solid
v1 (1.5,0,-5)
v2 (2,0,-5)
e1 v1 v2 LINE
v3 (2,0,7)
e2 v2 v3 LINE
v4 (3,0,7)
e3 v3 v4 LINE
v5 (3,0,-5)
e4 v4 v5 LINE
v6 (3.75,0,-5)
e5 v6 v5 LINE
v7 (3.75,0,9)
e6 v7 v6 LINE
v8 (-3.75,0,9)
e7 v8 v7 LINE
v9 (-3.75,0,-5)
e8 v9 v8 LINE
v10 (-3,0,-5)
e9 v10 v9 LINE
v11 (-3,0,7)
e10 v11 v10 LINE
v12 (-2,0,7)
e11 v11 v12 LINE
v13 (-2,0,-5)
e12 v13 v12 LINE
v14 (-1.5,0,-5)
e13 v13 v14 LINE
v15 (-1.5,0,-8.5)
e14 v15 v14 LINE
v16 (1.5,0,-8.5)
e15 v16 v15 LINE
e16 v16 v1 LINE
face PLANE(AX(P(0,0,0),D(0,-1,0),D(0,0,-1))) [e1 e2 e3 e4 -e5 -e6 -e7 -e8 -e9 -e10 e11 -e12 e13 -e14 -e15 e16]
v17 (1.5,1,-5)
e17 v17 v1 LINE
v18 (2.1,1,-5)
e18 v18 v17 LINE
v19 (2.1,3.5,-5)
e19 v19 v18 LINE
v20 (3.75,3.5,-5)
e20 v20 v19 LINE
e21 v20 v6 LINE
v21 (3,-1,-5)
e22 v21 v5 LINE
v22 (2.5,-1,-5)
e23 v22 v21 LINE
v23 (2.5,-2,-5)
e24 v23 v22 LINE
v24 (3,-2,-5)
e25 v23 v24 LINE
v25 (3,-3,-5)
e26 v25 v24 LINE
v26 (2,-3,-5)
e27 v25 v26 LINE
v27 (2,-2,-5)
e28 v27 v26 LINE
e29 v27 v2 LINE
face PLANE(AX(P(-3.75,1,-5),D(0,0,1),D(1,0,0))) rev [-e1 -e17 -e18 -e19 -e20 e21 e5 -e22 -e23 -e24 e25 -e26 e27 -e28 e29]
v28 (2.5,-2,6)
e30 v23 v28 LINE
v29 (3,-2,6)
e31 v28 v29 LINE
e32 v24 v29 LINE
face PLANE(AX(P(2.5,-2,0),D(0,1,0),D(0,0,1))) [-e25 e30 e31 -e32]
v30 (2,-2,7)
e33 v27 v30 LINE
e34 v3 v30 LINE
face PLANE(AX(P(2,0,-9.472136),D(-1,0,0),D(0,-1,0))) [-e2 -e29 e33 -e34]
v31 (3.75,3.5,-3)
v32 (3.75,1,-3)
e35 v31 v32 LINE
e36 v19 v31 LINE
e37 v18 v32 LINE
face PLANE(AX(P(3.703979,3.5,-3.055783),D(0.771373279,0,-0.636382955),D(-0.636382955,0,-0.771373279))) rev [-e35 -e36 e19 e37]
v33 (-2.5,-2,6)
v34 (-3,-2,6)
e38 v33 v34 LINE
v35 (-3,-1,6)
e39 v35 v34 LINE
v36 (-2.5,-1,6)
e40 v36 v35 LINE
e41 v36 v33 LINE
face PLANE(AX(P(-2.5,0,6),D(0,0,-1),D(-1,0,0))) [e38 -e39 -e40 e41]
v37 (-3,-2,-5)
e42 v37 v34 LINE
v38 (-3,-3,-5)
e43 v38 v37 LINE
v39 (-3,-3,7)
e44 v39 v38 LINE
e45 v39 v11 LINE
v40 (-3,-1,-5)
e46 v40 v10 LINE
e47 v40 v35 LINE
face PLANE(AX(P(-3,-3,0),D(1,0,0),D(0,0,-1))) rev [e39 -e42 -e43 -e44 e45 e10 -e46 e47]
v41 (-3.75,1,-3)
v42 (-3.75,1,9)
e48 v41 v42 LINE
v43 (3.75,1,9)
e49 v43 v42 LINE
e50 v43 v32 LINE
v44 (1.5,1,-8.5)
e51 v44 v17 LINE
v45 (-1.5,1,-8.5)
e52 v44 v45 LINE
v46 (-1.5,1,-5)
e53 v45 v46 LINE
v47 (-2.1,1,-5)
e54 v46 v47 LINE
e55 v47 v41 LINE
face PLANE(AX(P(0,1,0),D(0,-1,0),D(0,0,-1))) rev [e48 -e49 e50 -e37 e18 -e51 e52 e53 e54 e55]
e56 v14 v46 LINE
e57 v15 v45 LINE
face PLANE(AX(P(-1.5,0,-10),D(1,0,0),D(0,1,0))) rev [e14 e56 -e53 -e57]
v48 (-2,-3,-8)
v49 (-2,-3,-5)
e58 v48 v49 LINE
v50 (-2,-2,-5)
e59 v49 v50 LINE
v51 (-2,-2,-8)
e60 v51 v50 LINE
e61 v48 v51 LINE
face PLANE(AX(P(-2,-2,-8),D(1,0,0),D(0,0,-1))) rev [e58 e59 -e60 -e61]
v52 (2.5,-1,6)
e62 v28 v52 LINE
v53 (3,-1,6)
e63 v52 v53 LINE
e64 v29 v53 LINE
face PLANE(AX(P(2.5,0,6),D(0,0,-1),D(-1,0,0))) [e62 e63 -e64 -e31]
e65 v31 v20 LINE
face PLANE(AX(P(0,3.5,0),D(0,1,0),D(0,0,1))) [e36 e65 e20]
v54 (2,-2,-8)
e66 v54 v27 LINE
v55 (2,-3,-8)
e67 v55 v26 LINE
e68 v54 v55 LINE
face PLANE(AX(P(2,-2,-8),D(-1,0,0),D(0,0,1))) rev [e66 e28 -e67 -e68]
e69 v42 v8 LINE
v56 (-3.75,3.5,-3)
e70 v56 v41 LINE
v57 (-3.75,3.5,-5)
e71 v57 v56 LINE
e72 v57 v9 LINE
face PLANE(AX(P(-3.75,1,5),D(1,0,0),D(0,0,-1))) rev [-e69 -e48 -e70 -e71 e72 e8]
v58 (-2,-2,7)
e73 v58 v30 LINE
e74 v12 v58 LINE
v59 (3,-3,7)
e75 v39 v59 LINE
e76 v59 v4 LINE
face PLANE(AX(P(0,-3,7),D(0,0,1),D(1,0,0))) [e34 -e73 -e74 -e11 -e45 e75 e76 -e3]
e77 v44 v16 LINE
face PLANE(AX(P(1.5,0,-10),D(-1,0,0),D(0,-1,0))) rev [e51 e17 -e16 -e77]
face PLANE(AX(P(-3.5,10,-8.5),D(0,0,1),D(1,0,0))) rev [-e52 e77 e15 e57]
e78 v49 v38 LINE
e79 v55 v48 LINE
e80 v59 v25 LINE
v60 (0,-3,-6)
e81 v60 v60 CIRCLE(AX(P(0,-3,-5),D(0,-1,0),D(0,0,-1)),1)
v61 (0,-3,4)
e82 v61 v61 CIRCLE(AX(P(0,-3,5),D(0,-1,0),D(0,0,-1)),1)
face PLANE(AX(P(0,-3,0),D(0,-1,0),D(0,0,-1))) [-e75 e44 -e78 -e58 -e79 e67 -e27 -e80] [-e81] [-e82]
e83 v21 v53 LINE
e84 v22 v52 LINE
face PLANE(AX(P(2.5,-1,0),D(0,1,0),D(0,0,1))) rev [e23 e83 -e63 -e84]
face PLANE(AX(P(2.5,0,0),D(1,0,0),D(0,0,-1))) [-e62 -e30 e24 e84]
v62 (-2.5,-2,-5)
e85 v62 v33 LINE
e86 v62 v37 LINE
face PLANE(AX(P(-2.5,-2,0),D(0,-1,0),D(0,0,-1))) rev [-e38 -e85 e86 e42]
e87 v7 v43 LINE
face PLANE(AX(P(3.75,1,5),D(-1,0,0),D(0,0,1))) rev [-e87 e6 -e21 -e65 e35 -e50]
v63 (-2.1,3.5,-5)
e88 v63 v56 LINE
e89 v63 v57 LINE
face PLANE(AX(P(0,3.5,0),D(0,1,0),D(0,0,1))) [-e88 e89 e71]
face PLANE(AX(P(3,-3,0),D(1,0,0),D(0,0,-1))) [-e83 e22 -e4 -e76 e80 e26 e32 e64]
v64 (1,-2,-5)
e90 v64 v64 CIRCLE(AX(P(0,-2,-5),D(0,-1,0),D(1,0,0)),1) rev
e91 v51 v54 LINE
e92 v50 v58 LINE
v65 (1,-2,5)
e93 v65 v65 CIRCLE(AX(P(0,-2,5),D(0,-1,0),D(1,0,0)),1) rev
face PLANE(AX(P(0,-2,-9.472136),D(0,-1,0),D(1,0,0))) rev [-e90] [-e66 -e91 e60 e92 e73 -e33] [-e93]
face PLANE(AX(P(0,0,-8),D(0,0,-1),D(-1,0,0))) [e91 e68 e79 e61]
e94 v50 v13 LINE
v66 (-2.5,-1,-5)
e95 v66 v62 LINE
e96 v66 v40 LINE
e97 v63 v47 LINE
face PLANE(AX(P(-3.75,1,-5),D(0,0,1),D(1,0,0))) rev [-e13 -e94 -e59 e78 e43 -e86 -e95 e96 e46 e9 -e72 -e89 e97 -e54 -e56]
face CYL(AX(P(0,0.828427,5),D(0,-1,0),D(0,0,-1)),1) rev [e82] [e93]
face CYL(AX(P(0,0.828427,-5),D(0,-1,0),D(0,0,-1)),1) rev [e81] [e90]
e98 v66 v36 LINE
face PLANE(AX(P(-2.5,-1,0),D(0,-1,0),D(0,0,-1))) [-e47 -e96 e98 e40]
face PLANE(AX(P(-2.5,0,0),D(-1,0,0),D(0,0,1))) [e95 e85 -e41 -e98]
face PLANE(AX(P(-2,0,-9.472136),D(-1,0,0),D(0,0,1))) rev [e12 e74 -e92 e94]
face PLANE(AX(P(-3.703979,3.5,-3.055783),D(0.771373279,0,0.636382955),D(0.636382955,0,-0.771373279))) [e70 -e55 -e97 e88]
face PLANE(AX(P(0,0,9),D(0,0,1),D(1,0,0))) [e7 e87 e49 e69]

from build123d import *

# Parameters (mm, degrees)
SKETCH1_W            = 7.5
SKETCH1_H            = 10
BOSS_EXTRUDE1_DEPTH  = 1
BOSS_EXTRUDE2_DEPTH  = 2.5
SKETCH10_W           = 7.5
SKETCH10_H           = 1
BOSS_EXTRUDE5_DEPTH  = 2
SKETCH56_W           = 7.5
SKETCH56_H           = 1
BOSS_EXTRUDE17_DEPTH = 2
SKETCH57_W           = 3
SKETCH57_H           = 1
BOSS_EXTRUDE18_DEPTH = 5
SKETCH58_W           = 1.5
SKETCH58_H           = 1
BOSS_EXTRUDE19_DEPTH = 2
SKETCH59_W           = 1.5
SKETCH59_H           = 1
BOSS_EXTRUDE20_DEPTH = 2
SKETCH60_W           = 1
SKETCH60_H           = 1.5
BOSS_EXTRUDE23_DEPTH = 1.5
SKETCH61_W           = 1
SKETCH61_H           = 0.75
CUT_EXTRUDE1_DEPTH   = 0.5
SKETCH62_W           = 6
SKETCH62_H           = 12
BOSS_EXTRUDE25_DEPTH = 3
SKETCH64_W           = 4
SKETCH64_H           = 2
CUT_EXTRUDE2_DEPTH   = 12
SKETCH65_W           = 4
SKETCH65_H           = 1
BOSS_EXTRUDE26_DEPTH = 3
SKETCH66_R           = 1
CUT_EXTRUDE3_DEPTH   = 1
SKETCH68_W           = 6
SKETCH68_H           = 1
SKETCH68_W_2         = 3
SKETCH68_W_3         = 2
CUT_EXTRUDE6_DEPTH   = 0.5
SKETCH67_W           = 6
SKETCH67_H           = 1
SKETCH67_W_2         = 3
SKETCH67_W_3         = 2
CUT_EXTRUDE7_DEPTH   = 0.5
SKETCH69_W           = 7
SKETCH69_H           = 1.5
CUT_EXTRUDE8_DEPTH   = 10


with BuildPart() as part:
    # Sketch1 → Boss-Extrude1 (new body)
    with BuildSketch(Plane(origin=(0, 0, 0), x_dir=(1, 0, 0), z_dir=(0, 1, 0))):
        Rectangle(SKETCH1_W, SKETCH1_H)
    extrude(amount=BOSS_EXTRUDE1_DEPTH)

    # Sketch2 → Boss-Extrude2 (add)
    with BuildSketch(Plane(origin=(0, 1, 0), x_dir=(1, 0, 0), z_dir=(0, 1, 0))):
        Polygon((-3.75, 3), (-2.1, 5), (-3.75, 5), align=None)
        Polygon((3.75, 5), (2.1, 5), (3.75, 3), align=None)
    extrude(amount=BOSS_EXTRUDE2_DEPTH)

    # Sketch10 → Boss-Extrude5 (add)
    with BuildSketch(Plane.XY.offset(5)):
        with Locations((0, 0.5)):
            Rectangle(SKETCH10_W, SKETCH10_H)
    extrude(amount=BOSS_EXTRUDE5_DEPTH)

    # Sketch56 → Boss-Extrude17 (add)
    with BuildSketch(Plane.XY.offset(7)):
        with Locations((0, 0.5)):
            Rectangle(SKETCH56_W, SKETCH56_H)
    extrude(amount=BOSS_EXTRUDE17_DEPTH)

    # Sketch57 → Boss-Extrude18 (add)
    with BuildSketch(Plane(origin=(0, 0, -5), x_dir=(-1, 0, 0), z_dir=(0, 0, -1))):
        with Locations((0, 0.5)):
            Rectangle(SKETCH57_W, SKETCH57_H)
    extrude(amount=BOSS_EXTRUDE18_DEPTH)

    # Sketch58 → Boss-Extrude19 (add)
    with BuildSketch(Plane(origin=(1.5, 0, 0), x_dir=(0, 0, -1), z_dir=(1, 0, 0))):
        with Locations((9.25, 0.5)):
            Rectangle(SKETCH58_W, SKETCH58_H)
    extrude(amount=BOSS_EXTRUDE19_DEPTH)

    # Sketch59 → Boss-Extrude20 (add)
    with BuildSketch(Plane.ZY.offset(1.5)):
        with Locations((-9.25, 0.5)):
            Rectangle(SKETCH59_W, SKETCH59_H)
    extrude(amount=BOSS_EXTRUDE20_DEPTH)

    # Sketch60 → Boss-Extrude23 (add)
    with BuildSketch(Plane(origin=(0, 1, 0), x_dir=(1, 0, 0), z_dir=(0, 1, 0))):
        with Locations((3, 9.25)):
            Rectangle(SKETCH60_W, SKETCH60_H)
        with Locations((-3, 9.25)):
            Rectangle(SKETCH60_W, SKETCH60_H)
    extrude(amount=BOSS_EXTRUDE23_DEPTH)

    # Sketch61 → Cut-Extrude1 (cut)
    with BuildSketch(Plane(origin=(0, 2.5, 0), x_dir=(1, 0, 0), z_dir=(0, 1, 0))):
        with Locations((-3, 9.245443114)):
            Rectangle(SKETCH61_W, SKETCH61_H)
        with Locations((3, 9.245443114)):
            Rectangle(SKETCH61_W, SKETCH61_H)
    extrude(amount=-CUT_EXTRUDE1_DEPTH, mode=Mode.SUBTRACT)

    # Sketch62 → Boss-Extrude25 (add)
    with BuildSketch(Plane(origin=(0, 0, 0), x_dir=(-1, 0, 0), z_dir=(0, -1, 0))):
        with Locations((0, -1)):
            Rectangle(SKETCH62_W, SKETCH62_H)
    extrude(amount=BOSS_EXTRUDE25_DEPTH)

    # Sketch64 → Cut-Extrude2 (cut)
    with BuildSketch(Plane.XY.offset(7)):
        with Locations((0, -1)):
            Rectangle(SKETCH64_W, SKETCH64_H)
    extrude(amount=-CUT_EXTRUDE2_DEPTH, mode=Mode.SUBTRACT)

    # Sketch65 → Boss-Extrude26 (add)
    with BuildSketch(Plane(origin=(0, 0, -5), x_dir=(-1, 0, 0), z_dir=(0, 0, -1))):
        with Locations((0, -2.5)):
            Rectangle(SKETCH65_W, SKETCH65_H)
    extrude(amount=BOSS_EXTRUDE26_DEPTH)

    # Sketch66 → Cut-Extrude3 (cut)
    with BuildSketch(Plane(origin=(0, -3, 0), x_dir=(-1, 0, 0), z_dir=(0, -1, 0))):
        with Locations(Location((0, -5, 0), (0, 0, 90))):  # turned: the seam where the file's is
            Circle(SKETCH66_R)
        with Locations(Location((0, 5, 0), (0, 0, 90))):  # turned: the seam where the file's is
            Circle(SKETCH66_R)
    extrude(amount=-CUT_EXTRUDE3_DEPTH, mode=Mode.SUBTRACT)

    # Sketch68 → Cut-Extrude6 (cut)
    with BuildSketch(Plane(origin=(3, 0, 0), x_dir=(0, 0, -1), z_dir=(1, 0, 0))):
        with Locations((-3, -1.5)):
            Rectangle(SKETCH68_W, SKETCH68_H)
        with Locations((1.5, -1.5)):
            Rectangle(SKETCH68_W_2, SKETCH68_H)
        with Locations((4, -1.5)):
            Rectangle(SKETCH68_W_3, SKETCH68_H)
    extrude(amount=-CUT_EXTRUDE6_DEPTH, mode=Mode.SUBTRACT)

    # Sketch67 → Cut-Extrude7 (cut)
    with BuildSketch(Plane.ZY.offset(3)):
        with Locations((3, -1.5)):
            Rectangle(SKETCH67_W, SKETCH67_H)
        with Locations((-1.5, -1.5)):
            Rectangle(SKETCH67_W_2, SKETCH67_H)
        with Locations((-4, -1.5)):
            Rectangle(SKETCH67_W_3, SKETCH67_H)
    extrude(amount=-CUT_EXTRUDE7_DEPTH, mode=Mode.SUBTRACT)

    # Sketch69 → Cut-Extrude8 (cut)
    with BuildSketch(Plane.XZ):
        with Locations((0, -9.25)):
            Rectangle(SKETCH69_W, SKETCH69_H)
    extrude(amount=-CUT_EXTRUDE8_DEPTH, mode=Mode.SUBTRACT)


solid = part.part
